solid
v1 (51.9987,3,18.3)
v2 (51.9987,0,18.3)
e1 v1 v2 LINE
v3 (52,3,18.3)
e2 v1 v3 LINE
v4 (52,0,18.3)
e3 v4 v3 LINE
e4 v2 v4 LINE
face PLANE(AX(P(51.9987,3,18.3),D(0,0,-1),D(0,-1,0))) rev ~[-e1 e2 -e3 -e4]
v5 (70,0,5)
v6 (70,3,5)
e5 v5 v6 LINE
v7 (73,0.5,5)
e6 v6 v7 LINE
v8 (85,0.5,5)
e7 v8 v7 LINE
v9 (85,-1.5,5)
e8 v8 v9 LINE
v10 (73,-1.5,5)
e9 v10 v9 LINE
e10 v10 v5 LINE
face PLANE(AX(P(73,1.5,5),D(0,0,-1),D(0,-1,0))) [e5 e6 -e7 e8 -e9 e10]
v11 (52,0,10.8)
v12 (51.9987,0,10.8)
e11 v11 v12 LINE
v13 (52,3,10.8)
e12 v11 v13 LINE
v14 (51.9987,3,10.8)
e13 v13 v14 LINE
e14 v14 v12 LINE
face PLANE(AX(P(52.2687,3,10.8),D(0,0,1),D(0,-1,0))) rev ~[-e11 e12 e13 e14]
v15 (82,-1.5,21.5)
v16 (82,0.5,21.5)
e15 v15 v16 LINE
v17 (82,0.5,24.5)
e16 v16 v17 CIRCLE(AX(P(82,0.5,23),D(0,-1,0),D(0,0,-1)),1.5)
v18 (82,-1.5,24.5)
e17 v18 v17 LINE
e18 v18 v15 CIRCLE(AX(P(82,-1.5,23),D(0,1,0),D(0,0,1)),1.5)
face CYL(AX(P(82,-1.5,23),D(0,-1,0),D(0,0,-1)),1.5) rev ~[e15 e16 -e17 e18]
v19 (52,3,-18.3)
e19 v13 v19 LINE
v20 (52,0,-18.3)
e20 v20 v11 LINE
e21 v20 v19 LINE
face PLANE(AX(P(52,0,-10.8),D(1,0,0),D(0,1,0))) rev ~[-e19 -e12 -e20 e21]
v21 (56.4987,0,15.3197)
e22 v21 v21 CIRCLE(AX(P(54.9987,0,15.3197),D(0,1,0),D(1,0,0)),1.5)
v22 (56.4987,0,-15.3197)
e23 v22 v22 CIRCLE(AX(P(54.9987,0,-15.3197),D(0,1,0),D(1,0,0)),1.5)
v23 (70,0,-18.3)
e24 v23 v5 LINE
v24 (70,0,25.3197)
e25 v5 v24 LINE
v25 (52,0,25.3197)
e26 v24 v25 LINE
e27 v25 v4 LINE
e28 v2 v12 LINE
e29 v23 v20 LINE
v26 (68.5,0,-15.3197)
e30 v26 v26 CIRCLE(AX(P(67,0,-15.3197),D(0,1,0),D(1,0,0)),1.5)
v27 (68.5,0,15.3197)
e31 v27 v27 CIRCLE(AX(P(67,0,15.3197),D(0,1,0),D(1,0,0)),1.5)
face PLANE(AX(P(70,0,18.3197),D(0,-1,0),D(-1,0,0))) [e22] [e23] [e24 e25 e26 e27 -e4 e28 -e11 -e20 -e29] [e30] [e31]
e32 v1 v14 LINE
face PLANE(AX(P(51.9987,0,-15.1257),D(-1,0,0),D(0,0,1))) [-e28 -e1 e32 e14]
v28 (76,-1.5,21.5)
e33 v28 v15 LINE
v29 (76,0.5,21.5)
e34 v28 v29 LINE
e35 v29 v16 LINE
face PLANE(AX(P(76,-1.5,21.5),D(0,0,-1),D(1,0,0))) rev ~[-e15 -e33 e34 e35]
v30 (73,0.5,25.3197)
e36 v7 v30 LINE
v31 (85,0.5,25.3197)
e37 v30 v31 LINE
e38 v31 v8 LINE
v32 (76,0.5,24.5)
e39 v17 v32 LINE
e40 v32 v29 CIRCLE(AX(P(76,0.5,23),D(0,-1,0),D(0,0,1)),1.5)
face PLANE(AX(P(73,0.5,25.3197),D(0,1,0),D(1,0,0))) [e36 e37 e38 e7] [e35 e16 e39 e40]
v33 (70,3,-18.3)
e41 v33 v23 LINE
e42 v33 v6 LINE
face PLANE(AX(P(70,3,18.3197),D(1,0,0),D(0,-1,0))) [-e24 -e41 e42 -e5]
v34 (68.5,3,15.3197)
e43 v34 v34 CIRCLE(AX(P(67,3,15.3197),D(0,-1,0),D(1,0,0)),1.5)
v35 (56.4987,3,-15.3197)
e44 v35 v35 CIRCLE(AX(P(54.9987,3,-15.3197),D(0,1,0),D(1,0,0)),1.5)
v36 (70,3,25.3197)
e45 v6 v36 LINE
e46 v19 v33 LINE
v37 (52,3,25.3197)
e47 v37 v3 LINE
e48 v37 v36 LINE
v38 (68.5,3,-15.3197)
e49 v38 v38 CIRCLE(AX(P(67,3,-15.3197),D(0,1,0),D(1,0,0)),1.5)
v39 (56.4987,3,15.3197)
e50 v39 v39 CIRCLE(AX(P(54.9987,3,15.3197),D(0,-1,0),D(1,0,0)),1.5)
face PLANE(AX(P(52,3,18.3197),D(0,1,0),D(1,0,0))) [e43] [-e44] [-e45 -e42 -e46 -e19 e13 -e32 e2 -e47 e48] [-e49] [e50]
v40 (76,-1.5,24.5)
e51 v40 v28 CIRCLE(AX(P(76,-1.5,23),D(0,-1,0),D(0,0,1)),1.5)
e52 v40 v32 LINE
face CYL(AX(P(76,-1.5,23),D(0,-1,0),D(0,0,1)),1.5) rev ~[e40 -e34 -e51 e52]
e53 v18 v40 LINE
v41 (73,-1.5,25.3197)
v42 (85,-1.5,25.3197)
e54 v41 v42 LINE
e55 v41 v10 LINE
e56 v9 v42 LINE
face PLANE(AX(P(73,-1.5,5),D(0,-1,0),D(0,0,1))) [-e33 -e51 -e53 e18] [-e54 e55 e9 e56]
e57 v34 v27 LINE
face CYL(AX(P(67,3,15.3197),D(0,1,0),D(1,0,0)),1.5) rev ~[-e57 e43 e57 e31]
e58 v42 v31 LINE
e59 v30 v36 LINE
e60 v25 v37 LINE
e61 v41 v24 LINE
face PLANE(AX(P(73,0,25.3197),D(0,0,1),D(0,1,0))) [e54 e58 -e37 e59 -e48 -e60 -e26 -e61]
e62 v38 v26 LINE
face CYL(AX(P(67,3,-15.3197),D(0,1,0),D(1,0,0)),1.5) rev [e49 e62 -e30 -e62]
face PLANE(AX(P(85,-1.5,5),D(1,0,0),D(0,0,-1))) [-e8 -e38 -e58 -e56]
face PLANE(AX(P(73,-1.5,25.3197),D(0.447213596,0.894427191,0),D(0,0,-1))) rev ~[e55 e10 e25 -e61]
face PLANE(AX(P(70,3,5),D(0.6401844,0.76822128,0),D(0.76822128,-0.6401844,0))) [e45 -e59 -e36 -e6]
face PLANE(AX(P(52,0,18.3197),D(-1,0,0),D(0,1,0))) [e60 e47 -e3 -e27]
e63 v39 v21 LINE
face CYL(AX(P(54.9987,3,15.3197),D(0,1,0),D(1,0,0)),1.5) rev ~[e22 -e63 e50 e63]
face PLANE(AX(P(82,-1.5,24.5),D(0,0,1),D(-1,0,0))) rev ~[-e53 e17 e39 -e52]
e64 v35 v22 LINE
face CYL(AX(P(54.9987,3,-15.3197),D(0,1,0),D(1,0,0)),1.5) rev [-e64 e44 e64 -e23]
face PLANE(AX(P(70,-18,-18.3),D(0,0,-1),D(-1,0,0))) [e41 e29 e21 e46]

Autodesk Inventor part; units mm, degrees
sketch "Sketch1" plane through (0, 0, 0) normal (0, 1, 0) x (-1, 0, 0)
  line L0 (70, 0) -> (70, -70)
  line L1 (70, -70) -> (0, -70)
  line L2 (-70, 0) -> (-70, 70)
  line L3 (-70, 70) -> (0, 70)
  line L4 (0, 70) -> (70, 70)
  line L5 (70, 70) -> (70, 0)
  line L6 (0, -70) -> (-70, -70)
  line L7 (-70, -70) -> (-70, 0)
  point P0 (0, 0)
extrude "Extrusion1" add sketch "Sketch1" along normal blind 3
fillet "Fillet1" radius 5 3 edges at (70, 1.5, 70) (70, 1.5, -70) (-70, 1.5, 70)
fillet "Fillet2" radius 5 1 edges at (-70, 1.5, -70)
ref_plane "Work Plane1" through (65, 0, 65) normal (1, 0, 0) x (0, 0, -1)
sketch "Sketch6" plane through (70, 0, 65) normal (1, 0, 0) x (0, 0, -1)
  line L0 (65, 0) -> (57.2, 0)
  line L1 (130, 0) -> (0, 0) projected
  line L2 (65, 0) -> (72.8, 0)
  line L3 (57.2, 0) -> (57.2, -18)
  line L4 (72.8, 0) -> (72.8, -18)
  line L5 (65, 0) -> (65, -10)
  arc A0 (57.2, -18) -> (72.8, -18) centre (65, -10.2437) ccw
  line L6 (57.2, 0) -> (54.2, 0)
  line L7 (54.2, 0) -> (54.2, -18)
  line L8 (72.8, 0) -> (75.8, 0)
  line L9 (75.8, 0) -> (75.8, -18)
  arc A1 (54.2, -18) -> (75.8, -18) centre (65, -9.0916) ccw
  dimension "d17" = 18
  dimension "d21" = 3
  dimension "d22" = 3
extrude "Extrusion3" add sketch "Sketch6" against normal blind 18 contours L3 A0 L4 L1 L9 A1 L7
pattern_circular "Circular Pattern1" count 4 over 360 about axis through (0, -10, 0) along (0, 1, 0) of "Extrusion3"
sketch "Sketch8" plane through (0, 3, 0) normal (0, 1, 0) x (1, 0, 0)
  circle A0 centre (58.4636, -19.348) radius 2.5
  point P0 (0, 0)
  dimension "d35" = 5
extrude "Extrusion5" cut sketch "Sketch8" against normal blind 3
sketch "Sketch9" plane through (0, 3, 0) normal (0, 1, 0) x (1, 0, 0)
  circle A0 centre (-60.6489, 18.9578) radius 2.5
  point P0 (0, 0)
  dimension "d39" = 5
extrude "Extrusion6" cut sketch "Sketch9" against normal blind 3
sketch "Sketch10" plane through (0, 3, 0) normal (0, 1, 0) x (1, 0, 0)
  line L0 (70, -65) -> (70, 65) projected
  line L1 (70, 15.1257) -> (39.2687, 15.1257)
  line L2 (39.2687, 15.1257) -> (39.2687, -15.3197)
  line L3 (39.2687, -15.3197) -> (70, -15.3197)
  line L4 (70, -15.3197) -> (70, 15.1257)
  point P0 (0, 0)
extrude "Extrusion7" add sketch "Sketch10" along normal blind 10
sketch "Sketch12" plane through (0, 3, 0) normal (0, 1, 0) x (1, 0, 0)
  line L0 (39.2687, -15.3197) -> (39.2687, -70)
  line L1 (10.8, -70) -> (65, -70) projected
  line L2 (39.2687, -15.3197) -> (39.2687, 15.1257) projected
  line L3 (39.2687, -70) -> (-73.9803, -70)
  line L4 (-73.9803, -70) -> (-73.9803, 75.2408)
  line L5 (-73.9803, 75.2408) -> (39.2687, 75.2408)
  line L6 (39.2687, 75.2408) -> (39.2687, -70)
  point P0 (0, 0)
extrude "Extrusion8" cut sketch "Sketch12" against normal blind 100
sketch "Sketch13" plane through (0, 3, 0) normal (0, 1, 0) x (1, 0, 0)
  line L0 (39.2687, -15.3197) -> (74.5621, -15.3197)
  line L1 (74.5621, -15.3197) -> (74.5621, -76.2104)
  line L2 (74.5621, -76.2104) -> (39.2687, -76.2104)
  line L3 (39.2687, -76.2104) -> (39.2687, -15.3197)
  point P0 (0, 0)
extrude "Extrusion9" cut sketch "Sketch13" against normal blind 100
sketch "Sketch14" plane through (0, 3, 0) normal (0, 1, 0) x (1, 0, 0)
  line L0 (39.2687, 15.1257) -> (72.3919, 15.1257)
  line L1 (72.3919, 15.1257) -> (72.3919, 74.5163)
  line L2 (72.3919, 74.5163) -> (39.2687, 74.5163)
  line L3 (39.2687, 74.5163) -> (39.2687, 15.1257)
  point P0 (0, 0)
extrude "Extrusion10" cut sketch "Sketch14" against normal blind 100
sketch "Sketch17" plane through (70, -18, 10.8) normal (1, 0, 0) x (0, 0, -1)
  line L0 (-4.5197, 18) -> (-4.5197, 21)
  line L1 (-4.5197, 18) -> (-4.5197, 31) projected
  line L2 (-4.5197, 21) -> (25.9257, 21)
  line L3 (25.9257, 31) -> (25.9257, 18) projected
  line L4 (25.9257, 21) -> (-4.5197, 21)
  line L5 (-4.5197, 21) -> (-4.5197, 31)
  line L6 (-4.5197, 31) -> (25.9257, 31)
  line L7 (25.9257, 31) -> (25.9257, 21)
  point P0 (10.8, 18)
  dimension "d50" = 3
extrude "Extrusion11" cut sketch "Sketch17" against normal blind 100
sketch "Sketch18" plane through (39.2687, 0, -15.1257) normal (-1, 0, 0) x (0, 0, 1)
  line L0 (0, 3) -> (30.4454, 3)
  line L1 (30.4454, 3) -> (30.4454, 0)
  line L2 (30.4454, 0) -> (0, 0)
  line L3 (0, 0) -> (0, 3)
  point P0 (15.1257, 0)
extrude "Extrusion12" cut sketch "Sketch18" against normal blind 13
sketch "Sketch20" plane through (52, 0, 65) normal (-1, 0, 0) x (0, 0, 1)
  line L0 (-72.8, -18) -> (-72.8, 0) projected
  line L1 (-72.8, -9) -> (-57.2, -9)
  line L2 (-57.2, -18) -> (-57.2, 0) projected
  line L3 (-72.8, -18) -> (-72.8, -4)
  arc A0 (-72.8, -18) -> (-57.2, -18) centre (-65, -10.2437) ccw projected
  line L4 (-65, -21.2437) -> (-72.8, -21.2437)
  line L5 (-72.8, -4) -> (-72.8, -0.8)
  line L6 (-65, -21.2437) -> (-65, -3.2437)
  line L7 (-65, -21.2437) -> (-65, -11.2437)
  line L8 (-65, -11.2437) -> (-65, -1.2437)
  line L9 (-65, -1.2437) -> (-65, -0.8)
  arc A1 (-65, -0.8) -> (-72.6527, -4.1368) centre (-65, -11.2437) ccw
  arc A2 (-57.2, -4.2988) -> (-65, -0.8) centre (-65, -11.2437) ccw
  arc A3 (-72.6527, -4.1368) -> (-72.8, -4.2988) centre (-65, -11.2437) ccw
  arc A4 (-57.2, -4.2988) -> (-57.2, -4.2988) centre (-65, -11.2437) ccw
  line L10 (-72.8, -4.2988) -> (-72.8, 0)
  line L11 (-57.2, 0) -> (-57.2, -4.2988)
  line L12 (-57.2, 0) -> (-72.8, 0) projected
  line L13 (-57.2, -4.2988) -> (-57.2, 0)
  line L14 (-72.8, -4.2988) -> (-72.8, 0)
  line L15 (-72.8, 0) -> (-57.2, 0)
  point P0 (-65, 0)
  dimension "d55" = 14
  dimension "d56" = 3.2
  dimension "d57" = 18
  dimension "d58" = 10
  dimension "d59" = 10
extrude "Extrusion13" add sketch "Sketch20" against normal blind 18 contours L0 L12 L2 A2 A1 A3
sketch "Sketch22" plane through (52.2687, 0, 10.8) normal (0, 1, 0) x (1, 0, 0)
  line L0 (-0.2687, 21.6) -> (0, 21.6)
  line L1 (0, 21.6) -> (0, 0)
  line L2 (0, 0) -> (-0.2687, 0)
  line L3 (-0.2687, 0) -> (-0.2687, 21.6)
  point P0 (-52.2687, 10.8)
extrude "Extrusion14" add sketch "Sketch22" along normal blind 3
sketch "Sketch24" plane through (52.2687, 0, -15.1257) normal (-1, 0, 0) x (0, 0, 1)
  line L0 (30.4454, 3) -> (25.9257, 3)
  line L1 (25.9257, 3) -> (25.9257, 0)
  line L2 (25.9257, 0) -> (30.4454, 0)
  line L3 (30.4454, 0) -> (30.4454, 3)
  point P0 (15.1257, 0)
extrude "Extrusion16" add sketch "Sketch24" along normal blind 0.3
sketch "Sketch25" plane through (52.2687, 0, -15.1257) normal (-1, 0, 0) x (0, 0, 1)
  line L0 (0, 0) -> (4.3257, 0)
  line L1 (4.3257, 0) -> (4.3257, 3)
  line L2 (4.3257, 3) -> (0, 3)
  line L3 (0, 3) -> (0, 0)
  point P0 (15.1257, 0)
extrude "Extrusion17" add sketch "Sketch25" along normal blind 0.27
sketch "Sketch26" plane through (51.9687, 0, -15.1257) normal (-1, 0, 0) x (0, 0, 1)
  line L0 (30.4454, 3) -> (25.9257, 3)
  line L1 (25.9257, 3) -> (25.9257, 0)
  line L2 (25.9257, 0) -> (30.4454, 0)
  line L3 (30.4454, 0) -> (30.4454, 3)
  point P0 (15.1257, 0)
extrude "Extrusion18" cut sketch "Sketch26" against normal blind 0.03
sketch "Sketch27" plane through (70, 0, 15.3197) normal (0, 0, 1) x (1, 0, 0)
  line L0 (0, 3) -> (-18, 3)
  line L1 (-18, 3) -> (-18, 0)
  line L2 (-18, 0) -> (0, 0)
  line L3 (0, 0) -> (0, 3)
  point P0 (-70, 0)
extrude "Extrusion19" add sketch "Sketch27" along normal blind 3
sketch "Sketch32" plane through (51.9987, 0, -15.1257) normal (-1, 0, 0) x (0, 0, 1)
  line L0 (4.3257, 0) -> (-3, 0)
  line L1 (-3, 0) -> (-3, 3)
  line L2 (-3, 3) -> (4.3257, 3)
  line L3 (4.3257, 3) -> (4.3257, 0)
  point P0 (15.1257, 0)
extrude "Extrusion21" cut sketch "Sketch32" against normal blind 30
sketch "Sketch33" plane through (51.9987, 0, -15.1257) normal (-1, 0, 0) x (0, 0, 1)
  line L0 (33.4454, 0) -> (25.9257, 0) projected
  line L1 (25.9257, 3) -> (33.4257, 3)
  line L2 (33.4257, 3) -> (33.4257, 0)
  line L3 (33.4257, 0) -> (25.9257, 0)
  line L4 (25.9257, 0) -> (25.9257, 3)
  point P0 (15.1257, 0)
  dimension "d86" = 7.5
extrude "Extrusion22" add sketch "Sketch33" against normal blind 18
sketch "Sketch34" plane through (52, 3, -10.8) normal (0, 1, 0) x (1, 0, 0)
  line L0 (18, -29.1197) -> (18, -26.1197)
  line L1 (18, -29.1197) -> (18, -21.6) projected
  line L2 (18, -26.1197) -> (-0.0013, -26.1197)
  line L3 (-0.0013, -29.1) -> (-0.0013, -21.6) projected
  line L4 (-0.0013, -26.1197) -> (2.9987, -26.1197)
  line L5 (18, -26.1197) -> (15, -26.1197)
  circle A0 centre (15, -26.1197) radius 1.5
  circle A1 centre (2.9987, -26.1197) radius 1.5
  point P0 (-52, -10.8)
  dimension "d89" = 3
  dimension "d90" = 3
  dimension "d91" = 3
  dimension "d92" = 3
  dimension "d93" = 3
extrude "Extrusion23" cut sketch "Sketch34" against normal blind 18
sketch "Sketch35" plane through (70, -18, -10.8) normal (0, 0, -1) x (-1, 0, 0)
  line L0 (18, 21) -> (0, 21)
  line L1 (0, 21) -> (0, 18)
  line L2 (0, 18) -> (18, 18)
  line L3 (18, 18) -> (18, 21)
  point P0 (70, 18)
extrude "Extrusion24" add sketch "Sketch35" along normal blind 7.5
mirror "Mirror1" about plane through (0, 0, 0) normal (0, 0, 1) of "Extrusion23"
ref_plane "Work Plane2" through (0, 0, 0) normal (0, 1, 0) x (-1, 0, 0)
sketch "Sketch38" plane through (0, 0, 0) normal (0, 1, 0) x (-1, 0, 0)
  line L0 (-70, -18.3) -> (-51.9987, -18.3)
  line L1 (-51.9987, -18.3) -> (-51.9987, 18.3)
  line L2 (-51.9987, 18.3) -> (-70, 18.3)
  line L3 (-70, 18.3) -> (-70, -18.3)
  point P0 (0, 0)
extrude "Extrusion25" cut sketch "Sketch38" against normal blind 30
sketch "Sketch39" plane through (70, 0, 18.3197) normal (0, 0, 1) x (1, 0, 0)
  line L0 (0, 0) -> (-18, 0)
  line L1 (-18, 0) -> (-18, 3)
  line L2 (-18, 3) -> (0, 3)
  line L3 (0, 3) -> (0, 0)
  point P0 (-70, 0)
extrude "Extrusion26" add sketch "Sketch39" along normal blind 10
ref_plane "Work Plane3" through (70, 0, 24.3197) normal (0, 0, 1) x (1, 0, 0)
ref_plane "Work Plane4" through (70, 0, 14.3197) normal (0, 0, 1) x (1, 0, 0)
sketch "Sketch43" plane through (70, 0, 28.3197) normal (0, 0, 1) x (1, 0, 0)
  line L0 (0, 0) -> (-18, 0)
  line L1 (-18, 0) -> (-18, 3)
  line L2 (-18, 3) -> (0, 3)
  line L3 (0, 3) -> (0, 0)
  point P0 (-70, 0)
extrude "Extrusion27" cut sketch "Sketch43" against normal blind 3
sketch "Sketch44" plane through (70, 0, -18.3) normal (1, 0, 0) x (0, 0, -1)
  line L0 (-18.3, 0) -> (-23.3, 0)
  line L1 (-43.6197, 0) -> (0, 0) projected
  line L2 (-23.3, 0) -> (-43.6197, 0)
  line L3 (-43.6197, 0) -> (-43.6197, 3)
  line L4 (-43.6197, 3) -> (-23.3, 3)
  line L5 (-23.3, 3) -> (-23.3, 0)
  dimension "d116" = 5
ref_plane "Work Plane7" through (0, 0, 5) normal (0, 0, 1) x (1, 0, 0)
sketch "Sketch45" plane through (0, 0, 5) normal (0, 0, 1) x (1, 0, 0)
  line L0 (70, 3) -> (70, 1.5)
  line L1 (70, 1.5) -> (73, 1.5)
  line L2 (73, 1.5) -> (70, 3)
  line L3 (70, 0) -> (70, -1.5)
  line L4 (70, -1.5) -> (73, -1.5)
  line L5 (70, 0) -> (73, -1.5)
  line L6 (73, 0) -> (70, 1.5)
  point P0 (0, 0)
  dimension "d118" = 1.5
  dimension "d119" = 3
  dimension "d120" = 1.5
  dimension "d121" = 3
  dimension "d122" = 1.5
sweep "Sweep2" add profiles "Sketch44" path "Sketch45" path curves L6
sketch "Sketch46" plane through (73, -1.5, 5) normal (1, 0, 0) x (0, 0, -1)
  line L0 (-20.3197, 1.5) -> (-20.3197, 4.5) projected
  line L1 (0, 0) -> (-20.3197, 0)
  line L2 (-20.3197, 0) -> (-20.3197, 3)
  line L3 (-20.3197, 3) -> (0, 3)
  line L4 (0, 3) -> (0, 0)
  point P0 (5, 1.5)
extrude "Extrusion28" add sketch "Sketch46" along normal blind 12
sketch "Sketch47" plane through (73, -1.5, 5) normal (0, -1, 0) x (1, 0, 0)
  line L0 (12, 0) -> (12, 18)
  line L1 (12, 0) -> (12, 20.3197) projected
  line L2 (12, 18) -> (3, 18)
  arc A0 (3, 19.5) -> (3, 16.5) centre (3, 18) ccw
  line L3 (3, 16.5) -> (9, 16.5)
  line L4 (9, 16.5) -> (9, 18)
  arc A1 (9, 16.5) -> (9, 19.5) centre (9, 18) ccw
  line L5 (9, 19.5) -> (3, 19.5)
  point P0 (-73, -5)
  dimension "d127" = 18
  dimension "d128" = 9
  dimension "d129" = 1.5
  dimension "d130" = 6
extrude "Extrusion29" cut sketch "Sketch47" against normal blind 12
sketch "Sketch48" plane through (73, 1.5, 25.3197) normal (0, 1, 0) x (1, 0, 0)
  line L0 (12, 20.3197) -> (0, 20.3197)
  line L1 (0, 20.3197) -> (0, 0)
  line L2 (0, 0) -> (12, 0)
  line L3 (12, 0) -> (12, 20.3197)
  point P0 (-73, 25.3197)
extrude "Extrusion30" cut sketch "Sketch48" against normal blind 1
sketch "Sketch49" plane through (70, 0, 5) normal (0, 0, -1) x (-1, 0, 0)
  line L0 (0, 3) -> (-3, 0.5)
  line L1 (-3, 0.5) -> (-3, 1.5)
  line L2 (-3, 1.5) -> (-3, 0.5) projected
  line L3 (-3, 1.5) -> (0, 3)
  line L4 (0, 3) -> (-3, 1.5) projected
  point P0 (70, 0)
extrude "Extrusion31" cut sketch "Sketch49" against normal blind 25
properties part number "holder"
